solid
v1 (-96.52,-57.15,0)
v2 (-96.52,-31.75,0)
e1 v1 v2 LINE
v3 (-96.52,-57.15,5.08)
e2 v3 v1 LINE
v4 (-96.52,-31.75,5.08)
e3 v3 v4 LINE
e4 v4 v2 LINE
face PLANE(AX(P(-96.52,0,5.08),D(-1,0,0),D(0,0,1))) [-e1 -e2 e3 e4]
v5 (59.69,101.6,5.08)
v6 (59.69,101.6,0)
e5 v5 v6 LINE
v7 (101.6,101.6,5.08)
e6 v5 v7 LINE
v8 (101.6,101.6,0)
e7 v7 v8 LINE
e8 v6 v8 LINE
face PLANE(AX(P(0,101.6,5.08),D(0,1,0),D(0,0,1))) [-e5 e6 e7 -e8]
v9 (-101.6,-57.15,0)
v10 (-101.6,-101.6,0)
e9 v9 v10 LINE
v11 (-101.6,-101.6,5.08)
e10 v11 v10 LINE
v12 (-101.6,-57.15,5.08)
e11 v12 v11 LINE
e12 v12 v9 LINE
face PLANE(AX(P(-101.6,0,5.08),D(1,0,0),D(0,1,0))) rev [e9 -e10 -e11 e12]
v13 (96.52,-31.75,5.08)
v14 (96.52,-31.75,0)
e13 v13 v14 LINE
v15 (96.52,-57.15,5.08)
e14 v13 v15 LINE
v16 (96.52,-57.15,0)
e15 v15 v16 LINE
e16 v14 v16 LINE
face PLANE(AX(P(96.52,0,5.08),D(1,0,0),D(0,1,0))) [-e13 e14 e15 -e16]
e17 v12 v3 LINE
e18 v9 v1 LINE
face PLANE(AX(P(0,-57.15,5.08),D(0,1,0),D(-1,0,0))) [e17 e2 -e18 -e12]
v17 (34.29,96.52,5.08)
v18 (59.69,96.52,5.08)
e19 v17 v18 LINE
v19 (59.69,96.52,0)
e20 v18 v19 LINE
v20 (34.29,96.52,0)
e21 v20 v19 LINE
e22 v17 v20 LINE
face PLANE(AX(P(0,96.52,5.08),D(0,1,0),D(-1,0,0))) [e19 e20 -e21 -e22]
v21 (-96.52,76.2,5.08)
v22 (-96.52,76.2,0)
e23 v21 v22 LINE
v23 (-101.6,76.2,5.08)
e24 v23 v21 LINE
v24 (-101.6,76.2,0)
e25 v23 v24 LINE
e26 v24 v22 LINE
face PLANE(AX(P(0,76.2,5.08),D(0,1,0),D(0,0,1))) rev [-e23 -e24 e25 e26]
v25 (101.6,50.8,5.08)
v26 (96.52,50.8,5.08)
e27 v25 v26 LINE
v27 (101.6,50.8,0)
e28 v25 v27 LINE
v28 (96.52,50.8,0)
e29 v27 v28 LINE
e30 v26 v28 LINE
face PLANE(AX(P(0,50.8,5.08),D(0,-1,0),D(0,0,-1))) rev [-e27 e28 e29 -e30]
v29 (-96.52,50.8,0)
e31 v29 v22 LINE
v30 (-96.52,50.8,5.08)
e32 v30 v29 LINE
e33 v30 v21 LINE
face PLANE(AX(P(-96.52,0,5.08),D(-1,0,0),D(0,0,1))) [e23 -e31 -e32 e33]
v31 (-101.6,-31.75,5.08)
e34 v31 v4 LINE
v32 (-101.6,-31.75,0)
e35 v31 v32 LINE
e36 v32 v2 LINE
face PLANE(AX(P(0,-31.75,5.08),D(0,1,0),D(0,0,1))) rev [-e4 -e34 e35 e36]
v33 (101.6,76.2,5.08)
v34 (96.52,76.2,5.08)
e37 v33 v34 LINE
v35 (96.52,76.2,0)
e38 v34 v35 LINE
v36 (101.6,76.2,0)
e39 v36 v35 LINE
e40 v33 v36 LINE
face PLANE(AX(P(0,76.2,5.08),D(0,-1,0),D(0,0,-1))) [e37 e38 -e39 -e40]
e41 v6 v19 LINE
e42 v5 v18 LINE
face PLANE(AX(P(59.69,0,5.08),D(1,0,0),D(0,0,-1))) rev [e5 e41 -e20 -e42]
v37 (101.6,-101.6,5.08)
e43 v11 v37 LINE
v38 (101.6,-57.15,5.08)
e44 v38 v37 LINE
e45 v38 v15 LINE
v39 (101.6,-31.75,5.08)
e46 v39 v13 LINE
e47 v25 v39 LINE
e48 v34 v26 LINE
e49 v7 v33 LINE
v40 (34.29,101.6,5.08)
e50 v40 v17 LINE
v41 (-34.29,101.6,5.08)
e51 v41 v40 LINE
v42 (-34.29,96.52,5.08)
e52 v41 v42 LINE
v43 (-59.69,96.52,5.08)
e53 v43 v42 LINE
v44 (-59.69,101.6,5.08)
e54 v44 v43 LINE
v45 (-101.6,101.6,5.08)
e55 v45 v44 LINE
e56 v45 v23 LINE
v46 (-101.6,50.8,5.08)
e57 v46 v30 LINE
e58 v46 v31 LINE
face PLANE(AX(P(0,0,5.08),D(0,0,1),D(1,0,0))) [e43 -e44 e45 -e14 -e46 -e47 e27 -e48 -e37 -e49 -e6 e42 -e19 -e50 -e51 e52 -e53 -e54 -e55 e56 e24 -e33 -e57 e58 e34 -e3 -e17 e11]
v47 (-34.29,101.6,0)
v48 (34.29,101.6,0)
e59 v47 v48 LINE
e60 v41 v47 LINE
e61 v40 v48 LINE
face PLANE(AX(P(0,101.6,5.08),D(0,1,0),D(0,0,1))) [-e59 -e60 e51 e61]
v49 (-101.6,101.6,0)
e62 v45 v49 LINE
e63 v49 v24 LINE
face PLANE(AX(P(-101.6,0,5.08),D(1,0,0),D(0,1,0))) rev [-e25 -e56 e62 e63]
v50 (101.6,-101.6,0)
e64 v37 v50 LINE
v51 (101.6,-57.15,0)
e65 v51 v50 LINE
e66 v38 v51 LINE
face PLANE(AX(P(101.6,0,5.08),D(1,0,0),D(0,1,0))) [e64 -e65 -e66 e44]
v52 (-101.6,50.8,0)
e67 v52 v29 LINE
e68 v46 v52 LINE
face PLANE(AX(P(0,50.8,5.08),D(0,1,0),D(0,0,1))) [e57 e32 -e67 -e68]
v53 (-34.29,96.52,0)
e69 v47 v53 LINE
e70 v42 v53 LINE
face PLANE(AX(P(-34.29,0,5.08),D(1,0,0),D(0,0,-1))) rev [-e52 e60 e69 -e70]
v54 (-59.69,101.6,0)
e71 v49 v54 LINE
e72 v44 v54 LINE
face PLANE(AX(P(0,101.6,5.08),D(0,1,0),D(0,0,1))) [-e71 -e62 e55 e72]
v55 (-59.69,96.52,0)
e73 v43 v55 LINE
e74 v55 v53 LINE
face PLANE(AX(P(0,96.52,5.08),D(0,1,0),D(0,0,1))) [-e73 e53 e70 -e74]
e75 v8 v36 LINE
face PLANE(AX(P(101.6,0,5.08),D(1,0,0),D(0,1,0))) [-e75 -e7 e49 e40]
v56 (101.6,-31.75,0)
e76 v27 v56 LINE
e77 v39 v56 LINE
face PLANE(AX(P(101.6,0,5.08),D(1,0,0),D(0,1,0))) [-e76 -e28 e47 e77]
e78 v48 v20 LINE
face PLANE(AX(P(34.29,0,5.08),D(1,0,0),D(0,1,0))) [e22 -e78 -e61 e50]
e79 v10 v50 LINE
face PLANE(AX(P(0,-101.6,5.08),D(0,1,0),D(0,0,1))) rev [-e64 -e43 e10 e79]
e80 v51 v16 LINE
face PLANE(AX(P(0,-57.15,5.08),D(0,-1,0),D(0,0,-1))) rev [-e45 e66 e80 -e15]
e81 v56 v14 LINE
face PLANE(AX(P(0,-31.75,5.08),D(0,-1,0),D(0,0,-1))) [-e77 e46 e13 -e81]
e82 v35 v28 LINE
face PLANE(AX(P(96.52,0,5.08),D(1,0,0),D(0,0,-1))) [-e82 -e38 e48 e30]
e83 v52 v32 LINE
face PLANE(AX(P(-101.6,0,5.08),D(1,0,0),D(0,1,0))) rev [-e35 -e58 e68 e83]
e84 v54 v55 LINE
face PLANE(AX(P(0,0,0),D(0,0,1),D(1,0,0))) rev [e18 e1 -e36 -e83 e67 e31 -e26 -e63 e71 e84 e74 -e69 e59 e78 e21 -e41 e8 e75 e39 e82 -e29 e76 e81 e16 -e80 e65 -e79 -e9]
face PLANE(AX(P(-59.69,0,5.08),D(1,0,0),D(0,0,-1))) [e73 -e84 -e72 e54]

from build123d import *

# Parameters (mm, degrees)
SKETCH1_W           = 203.2
SKETCH1_H           = 101.6
BOSS_EXTRUDE1_DEPTH = 5.08
SKETCH2_W           = 5.08
SKETCH2_H           = 25.4
SKETCH2_W_2         = 25.4
SKETCH2_H_2         = 5.08
CUT_EXTRUDE1_DEPTH  = 5.08


with BuildPart() as part:
    # Sketch1 → Boss-Extrude1 (new body)
    with BuildSketch(Plane.XY):
        with Locations((0, 50.8)):
            Rectangle(SKETCH1_W, SKETCH1_H)
        with Locations((0, -50.8)):
            Rectangle(SKETCH1_W, SKETCH1_H)
    extrude(amount=BOSS_EXTRUDE1_DEPTH)

    # Sketch2 → Cut-Extrude1 (cut)
    with BuildSketch(Plane(origin=(0, 0, 0), x_dir=(-1, 0, 0), z_dir=(0, 0, -1))):
        with Locations((-99.06, -44.45)):
            Rectangle(SKETCH2_W, SKETCH2_H)
        with Locations((99.06, -44.45)):
            Rectangle(SKETCH2_W, SKETCH2_H)
        with Locations((99.06, 63.5)):
            Rectangle(SKETCH2_W, SKETCH2_H)
        with Locations((46.99, 99.06)):
            Rectangle(SKETCH2_W_2, SKETCH2_H_2)
        with Locations((-46.99, 99.06)):
            Rectangle(SKETCH2_W_2, SKETCH2_H_2)
        with Locations((-99.06, 63.5)):
            Rectangle(SKETCH2_W, SKETCH2_H)
    extrude(amount=-CUT_EXTRUDE1_DEPTH, mode=Mode.SUBTRACT)


solid = part.part
